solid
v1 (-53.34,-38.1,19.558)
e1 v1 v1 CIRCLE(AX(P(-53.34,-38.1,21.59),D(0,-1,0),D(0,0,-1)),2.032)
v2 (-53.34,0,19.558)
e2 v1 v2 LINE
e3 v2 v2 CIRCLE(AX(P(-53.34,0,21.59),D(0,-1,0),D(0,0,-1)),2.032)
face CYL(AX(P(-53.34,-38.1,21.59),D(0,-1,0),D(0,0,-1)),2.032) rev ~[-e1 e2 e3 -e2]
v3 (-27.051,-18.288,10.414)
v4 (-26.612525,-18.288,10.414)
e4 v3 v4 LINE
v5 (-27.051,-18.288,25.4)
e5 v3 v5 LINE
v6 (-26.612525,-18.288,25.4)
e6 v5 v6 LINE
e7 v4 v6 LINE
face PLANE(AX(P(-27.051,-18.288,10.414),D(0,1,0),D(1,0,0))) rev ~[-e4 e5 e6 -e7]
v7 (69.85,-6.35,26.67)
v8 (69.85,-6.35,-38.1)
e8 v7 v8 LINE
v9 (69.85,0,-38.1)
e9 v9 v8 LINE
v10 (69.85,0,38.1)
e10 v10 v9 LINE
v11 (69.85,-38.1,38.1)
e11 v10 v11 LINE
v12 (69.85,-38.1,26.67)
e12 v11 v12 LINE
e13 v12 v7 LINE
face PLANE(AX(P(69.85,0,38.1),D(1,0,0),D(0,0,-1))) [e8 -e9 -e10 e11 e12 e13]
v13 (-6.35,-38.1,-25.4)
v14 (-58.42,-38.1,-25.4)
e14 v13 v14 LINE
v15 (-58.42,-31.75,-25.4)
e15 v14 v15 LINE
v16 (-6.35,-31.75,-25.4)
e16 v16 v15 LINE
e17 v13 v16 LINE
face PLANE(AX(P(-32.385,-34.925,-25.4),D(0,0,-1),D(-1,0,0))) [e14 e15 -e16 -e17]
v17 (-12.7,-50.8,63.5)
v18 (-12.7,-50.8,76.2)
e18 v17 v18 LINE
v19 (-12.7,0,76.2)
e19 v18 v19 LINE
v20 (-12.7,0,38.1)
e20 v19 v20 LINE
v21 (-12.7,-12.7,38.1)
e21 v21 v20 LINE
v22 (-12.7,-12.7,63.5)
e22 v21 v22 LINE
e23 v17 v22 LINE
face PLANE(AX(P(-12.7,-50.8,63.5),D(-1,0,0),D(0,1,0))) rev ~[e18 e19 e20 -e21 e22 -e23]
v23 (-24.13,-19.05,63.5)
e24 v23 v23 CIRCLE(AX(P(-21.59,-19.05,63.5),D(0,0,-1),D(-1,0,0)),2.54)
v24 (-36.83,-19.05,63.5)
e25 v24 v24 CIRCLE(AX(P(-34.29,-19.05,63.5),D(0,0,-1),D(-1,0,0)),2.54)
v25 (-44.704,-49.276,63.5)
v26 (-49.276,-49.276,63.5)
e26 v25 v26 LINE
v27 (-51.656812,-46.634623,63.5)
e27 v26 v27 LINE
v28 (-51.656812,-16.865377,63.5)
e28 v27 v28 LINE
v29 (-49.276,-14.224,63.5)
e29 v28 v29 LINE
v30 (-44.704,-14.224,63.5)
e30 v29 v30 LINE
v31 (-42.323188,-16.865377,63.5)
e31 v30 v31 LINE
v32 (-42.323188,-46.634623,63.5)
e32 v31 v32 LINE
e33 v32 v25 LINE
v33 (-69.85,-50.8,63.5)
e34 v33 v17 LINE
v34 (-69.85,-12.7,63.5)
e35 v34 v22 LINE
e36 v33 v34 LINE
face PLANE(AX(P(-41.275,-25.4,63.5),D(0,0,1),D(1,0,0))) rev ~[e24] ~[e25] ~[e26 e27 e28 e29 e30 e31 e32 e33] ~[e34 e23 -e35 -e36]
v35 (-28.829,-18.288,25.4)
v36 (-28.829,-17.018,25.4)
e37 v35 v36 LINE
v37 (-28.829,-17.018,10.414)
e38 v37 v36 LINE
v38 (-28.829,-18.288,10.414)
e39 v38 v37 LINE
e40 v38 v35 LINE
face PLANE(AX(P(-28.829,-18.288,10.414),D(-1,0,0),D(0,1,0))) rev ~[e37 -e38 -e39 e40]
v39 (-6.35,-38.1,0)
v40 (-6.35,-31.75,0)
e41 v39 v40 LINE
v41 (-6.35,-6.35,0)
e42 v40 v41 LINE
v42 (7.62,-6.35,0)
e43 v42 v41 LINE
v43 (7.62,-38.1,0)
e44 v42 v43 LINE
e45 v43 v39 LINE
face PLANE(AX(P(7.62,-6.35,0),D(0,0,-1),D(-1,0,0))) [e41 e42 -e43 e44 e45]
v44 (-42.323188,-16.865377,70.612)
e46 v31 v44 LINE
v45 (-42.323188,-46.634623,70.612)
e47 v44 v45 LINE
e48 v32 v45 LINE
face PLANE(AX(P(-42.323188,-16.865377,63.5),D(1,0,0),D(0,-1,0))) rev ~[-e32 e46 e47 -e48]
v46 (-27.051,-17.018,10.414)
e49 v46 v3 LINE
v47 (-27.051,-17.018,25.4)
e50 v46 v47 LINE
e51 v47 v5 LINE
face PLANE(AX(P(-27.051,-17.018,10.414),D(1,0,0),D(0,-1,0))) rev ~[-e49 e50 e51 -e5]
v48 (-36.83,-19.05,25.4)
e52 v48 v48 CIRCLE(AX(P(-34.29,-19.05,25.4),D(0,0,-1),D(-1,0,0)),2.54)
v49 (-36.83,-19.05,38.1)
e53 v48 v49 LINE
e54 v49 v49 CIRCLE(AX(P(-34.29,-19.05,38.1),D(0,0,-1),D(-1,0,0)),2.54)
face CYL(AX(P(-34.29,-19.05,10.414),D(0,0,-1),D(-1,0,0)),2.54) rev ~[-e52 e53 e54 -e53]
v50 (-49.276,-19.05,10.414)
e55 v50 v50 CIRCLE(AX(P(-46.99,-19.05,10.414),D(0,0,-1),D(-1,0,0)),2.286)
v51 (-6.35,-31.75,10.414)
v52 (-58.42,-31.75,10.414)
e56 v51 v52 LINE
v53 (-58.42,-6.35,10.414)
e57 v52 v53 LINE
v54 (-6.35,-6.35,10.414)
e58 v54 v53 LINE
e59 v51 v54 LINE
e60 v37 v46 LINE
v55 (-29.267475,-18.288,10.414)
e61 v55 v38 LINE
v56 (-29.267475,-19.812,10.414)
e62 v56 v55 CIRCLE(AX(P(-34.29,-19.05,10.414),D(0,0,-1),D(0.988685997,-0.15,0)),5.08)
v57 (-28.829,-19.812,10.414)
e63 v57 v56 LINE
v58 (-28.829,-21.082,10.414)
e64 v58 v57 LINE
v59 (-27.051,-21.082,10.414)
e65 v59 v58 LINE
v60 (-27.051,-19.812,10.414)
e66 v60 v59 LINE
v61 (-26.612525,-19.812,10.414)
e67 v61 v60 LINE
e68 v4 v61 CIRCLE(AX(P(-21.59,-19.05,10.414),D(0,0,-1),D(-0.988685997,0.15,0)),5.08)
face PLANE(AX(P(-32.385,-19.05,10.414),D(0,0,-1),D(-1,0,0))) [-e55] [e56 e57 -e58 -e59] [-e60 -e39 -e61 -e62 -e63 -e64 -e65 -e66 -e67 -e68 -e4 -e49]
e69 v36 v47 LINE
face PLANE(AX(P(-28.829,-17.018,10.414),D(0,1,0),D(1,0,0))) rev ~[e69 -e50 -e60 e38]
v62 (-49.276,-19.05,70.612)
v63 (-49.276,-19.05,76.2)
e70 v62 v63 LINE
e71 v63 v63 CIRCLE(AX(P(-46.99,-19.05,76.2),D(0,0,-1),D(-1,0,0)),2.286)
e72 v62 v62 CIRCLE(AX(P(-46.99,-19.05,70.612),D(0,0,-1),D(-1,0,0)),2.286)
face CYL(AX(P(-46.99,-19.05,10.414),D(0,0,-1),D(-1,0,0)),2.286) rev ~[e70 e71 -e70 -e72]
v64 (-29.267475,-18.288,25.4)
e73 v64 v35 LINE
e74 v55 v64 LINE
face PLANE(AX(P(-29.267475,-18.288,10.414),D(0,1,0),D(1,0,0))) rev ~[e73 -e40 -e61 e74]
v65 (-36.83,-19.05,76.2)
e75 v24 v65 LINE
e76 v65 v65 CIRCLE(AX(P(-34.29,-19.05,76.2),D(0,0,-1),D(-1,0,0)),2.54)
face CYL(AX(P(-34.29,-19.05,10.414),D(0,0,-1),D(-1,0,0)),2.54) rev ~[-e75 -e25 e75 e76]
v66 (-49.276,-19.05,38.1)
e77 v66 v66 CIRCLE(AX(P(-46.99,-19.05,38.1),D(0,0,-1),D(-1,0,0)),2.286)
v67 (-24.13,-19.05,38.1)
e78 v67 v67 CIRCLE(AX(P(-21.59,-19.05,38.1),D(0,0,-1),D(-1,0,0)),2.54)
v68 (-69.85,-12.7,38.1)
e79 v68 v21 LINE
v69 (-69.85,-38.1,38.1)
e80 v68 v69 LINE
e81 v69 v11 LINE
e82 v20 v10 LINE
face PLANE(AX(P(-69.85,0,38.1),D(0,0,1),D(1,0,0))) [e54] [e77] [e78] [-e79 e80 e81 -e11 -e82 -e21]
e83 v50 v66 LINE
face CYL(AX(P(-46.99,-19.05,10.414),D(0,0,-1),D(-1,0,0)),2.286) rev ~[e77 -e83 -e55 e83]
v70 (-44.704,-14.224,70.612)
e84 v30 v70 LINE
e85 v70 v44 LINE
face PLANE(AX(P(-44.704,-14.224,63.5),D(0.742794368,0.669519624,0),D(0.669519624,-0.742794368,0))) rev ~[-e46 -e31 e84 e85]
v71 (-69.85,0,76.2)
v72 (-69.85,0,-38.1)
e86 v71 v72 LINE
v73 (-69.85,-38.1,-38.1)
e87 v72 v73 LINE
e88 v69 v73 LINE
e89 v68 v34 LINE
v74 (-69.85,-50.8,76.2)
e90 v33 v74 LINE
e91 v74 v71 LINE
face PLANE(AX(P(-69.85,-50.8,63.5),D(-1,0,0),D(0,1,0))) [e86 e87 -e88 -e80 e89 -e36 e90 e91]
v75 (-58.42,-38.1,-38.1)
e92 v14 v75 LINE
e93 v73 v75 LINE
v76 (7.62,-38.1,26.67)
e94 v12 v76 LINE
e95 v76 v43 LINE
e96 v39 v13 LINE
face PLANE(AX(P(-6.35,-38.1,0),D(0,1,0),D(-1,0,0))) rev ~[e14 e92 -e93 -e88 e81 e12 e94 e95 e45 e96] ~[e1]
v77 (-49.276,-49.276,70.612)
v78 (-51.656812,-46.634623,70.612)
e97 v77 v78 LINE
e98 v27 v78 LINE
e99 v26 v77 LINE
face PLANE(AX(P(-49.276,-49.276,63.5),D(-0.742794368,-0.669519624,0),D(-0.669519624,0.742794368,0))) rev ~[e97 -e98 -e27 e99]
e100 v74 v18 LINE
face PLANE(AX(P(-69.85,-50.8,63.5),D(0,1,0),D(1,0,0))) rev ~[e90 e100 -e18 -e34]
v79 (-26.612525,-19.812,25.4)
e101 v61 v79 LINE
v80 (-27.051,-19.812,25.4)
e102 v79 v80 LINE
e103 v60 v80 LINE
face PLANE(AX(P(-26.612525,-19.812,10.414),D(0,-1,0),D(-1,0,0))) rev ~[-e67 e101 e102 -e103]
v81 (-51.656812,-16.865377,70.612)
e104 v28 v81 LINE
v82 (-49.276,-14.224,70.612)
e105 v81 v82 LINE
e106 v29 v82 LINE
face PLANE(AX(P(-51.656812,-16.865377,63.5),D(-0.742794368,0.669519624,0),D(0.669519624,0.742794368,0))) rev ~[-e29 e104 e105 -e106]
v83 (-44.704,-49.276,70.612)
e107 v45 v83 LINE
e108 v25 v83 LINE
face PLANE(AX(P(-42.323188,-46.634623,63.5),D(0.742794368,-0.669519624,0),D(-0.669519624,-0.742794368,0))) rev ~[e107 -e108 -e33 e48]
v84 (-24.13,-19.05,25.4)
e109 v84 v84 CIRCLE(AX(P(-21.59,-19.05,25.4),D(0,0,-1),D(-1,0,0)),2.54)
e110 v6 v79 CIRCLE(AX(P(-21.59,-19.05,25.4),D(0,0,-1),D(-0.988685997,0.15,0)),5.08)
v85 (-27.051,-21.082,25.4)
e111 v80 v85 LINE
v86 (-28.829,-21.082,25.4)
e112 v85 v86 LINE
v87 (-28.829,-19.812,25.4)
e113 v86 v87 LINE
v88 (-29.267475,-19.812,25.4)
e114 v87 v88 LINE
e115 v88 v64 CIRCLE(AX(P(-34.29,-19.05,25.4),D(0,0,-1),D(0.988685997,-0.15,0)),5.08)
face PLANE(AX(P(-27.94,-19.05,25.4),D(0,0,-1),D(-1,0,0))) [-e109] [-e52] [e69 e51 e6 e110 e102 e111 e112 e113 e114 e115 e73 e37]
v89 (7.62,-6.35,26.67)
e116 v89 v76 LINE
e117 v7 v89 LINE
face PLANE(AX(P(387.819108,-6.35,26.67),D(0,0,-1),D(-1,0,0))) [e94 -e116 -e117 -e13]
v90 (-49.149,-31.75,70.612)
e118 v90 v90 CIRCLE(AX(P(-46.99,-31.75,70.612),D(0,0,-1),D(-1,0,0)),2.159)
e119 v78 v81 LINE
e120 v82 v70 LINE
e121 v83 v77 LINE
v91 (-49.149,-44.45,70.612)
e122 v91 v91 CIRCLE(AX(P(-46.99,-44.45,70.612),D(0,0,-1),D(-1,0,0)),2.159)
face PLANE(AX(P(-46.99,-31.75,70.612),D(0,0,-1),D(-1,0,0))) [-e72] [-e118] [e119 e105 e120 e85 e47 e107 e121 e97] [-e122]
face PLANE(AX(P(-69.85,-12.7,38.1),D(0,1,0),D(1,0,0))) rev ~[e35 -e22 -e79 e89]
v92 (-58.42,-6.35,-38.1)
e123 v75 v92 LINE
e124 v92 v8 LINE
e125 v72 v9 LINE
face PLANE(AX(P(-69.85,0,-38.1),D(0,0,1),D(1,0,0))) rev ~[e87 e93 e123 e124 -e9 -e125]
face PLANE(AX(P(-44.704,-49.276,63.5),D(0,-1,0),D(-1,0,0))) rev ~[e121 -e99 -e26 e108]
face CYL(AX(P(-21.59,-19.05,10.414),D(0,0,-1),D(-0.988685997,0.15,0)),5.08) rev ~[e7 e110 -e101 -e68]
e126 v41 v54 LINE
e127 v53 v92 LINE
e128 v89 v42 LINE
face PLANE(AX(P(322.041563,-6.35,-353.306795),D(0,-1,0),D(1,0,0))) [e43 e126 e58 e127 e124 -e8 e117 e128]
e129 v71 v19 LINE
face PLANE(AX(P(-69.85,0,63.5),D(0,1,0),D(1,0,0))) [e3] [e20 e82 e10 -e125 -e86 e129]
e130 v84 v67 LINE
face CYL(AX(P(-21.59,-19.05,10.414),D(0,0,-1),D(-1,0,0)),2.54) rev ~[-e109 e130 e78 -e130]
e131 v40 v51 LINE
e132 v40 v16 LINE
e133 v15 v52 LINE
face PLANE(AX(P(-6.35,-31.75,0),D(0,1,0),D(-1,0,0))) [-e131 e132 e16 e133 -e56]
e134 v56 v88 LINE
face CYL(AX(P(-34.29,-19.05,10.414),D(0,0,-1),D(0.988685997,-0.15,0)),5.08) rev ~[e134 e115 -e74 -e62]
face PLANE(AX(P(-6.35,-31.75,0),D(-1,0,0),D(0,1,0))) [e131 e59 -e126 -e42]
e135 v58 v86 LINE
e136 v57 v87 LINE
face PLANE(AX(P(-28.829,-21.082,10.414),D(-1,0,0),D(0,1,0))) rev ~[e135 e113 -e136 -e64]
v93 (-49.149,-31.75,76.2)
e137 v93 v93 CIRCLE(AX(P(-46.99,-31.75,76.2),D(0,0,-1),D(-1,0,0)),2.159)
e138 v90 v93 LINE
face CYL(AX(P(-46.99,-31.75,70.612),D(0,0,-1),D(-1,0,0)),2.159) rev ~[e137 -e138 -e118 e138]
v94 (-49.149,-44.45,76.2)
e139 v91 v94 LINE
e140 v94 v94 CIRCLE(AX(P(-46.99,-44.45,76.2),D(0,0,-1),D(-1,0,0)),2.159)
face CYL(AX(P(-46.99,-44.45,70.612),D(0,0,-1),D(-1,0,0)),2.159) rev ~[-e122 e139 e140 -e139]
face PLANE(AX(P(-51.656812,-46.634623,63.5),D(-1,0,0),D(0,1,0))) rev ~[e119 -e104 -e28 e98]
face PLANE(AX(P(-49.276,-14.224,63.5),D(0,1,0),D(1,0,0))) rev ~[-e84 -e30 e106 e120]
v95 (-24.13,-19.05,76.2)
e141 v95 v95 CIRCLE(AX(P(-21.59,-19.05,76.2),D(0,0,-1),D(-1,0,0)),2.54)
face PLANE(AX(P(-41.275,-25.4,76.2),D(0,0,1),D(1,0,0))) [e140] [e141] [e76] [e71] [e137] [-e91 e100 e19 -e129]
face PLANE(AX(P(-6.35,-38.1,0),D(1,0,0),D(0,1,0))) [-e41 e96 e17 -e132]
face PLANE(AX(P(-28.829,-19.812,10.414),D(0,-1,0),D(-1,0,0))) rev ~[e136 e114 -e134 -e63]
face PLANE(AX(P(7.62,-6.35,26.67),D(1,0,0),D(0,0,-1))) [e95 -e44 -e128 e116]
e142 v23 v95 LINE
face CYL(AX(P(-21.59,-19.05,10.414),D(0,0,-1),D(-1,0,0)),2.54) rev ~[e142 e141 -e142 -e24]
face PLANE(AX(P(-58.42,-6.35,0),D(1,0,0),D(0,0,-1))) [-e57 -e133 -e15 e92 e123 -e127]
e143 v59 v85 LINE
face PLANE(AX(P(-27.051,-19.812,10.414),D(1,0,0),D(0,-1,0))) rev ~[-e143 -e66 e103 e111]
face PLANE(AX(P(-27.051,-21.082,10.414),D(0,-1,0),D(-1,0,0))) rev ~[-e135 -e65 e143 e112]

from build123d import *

# Parameters (mm, degrees)
SKETCH1_W               = 139.7
SKETCH1_H               = 76.2
BOSS_EXTRUDE1_DEPTH     = 38.1
CUT_EXTRUDE1_DEPTH      = 89.217019333
CUT_EXTRUDE1_DEPTH_BACK = 31.75
SKETCH3_R               = 2.032
CUT_EXTRUDE2_DEPTH      = 89.217019333
SKETCH4_W               = 52.07
SKETCH4_H               = 25.4
CUT_EXTRUDE3_DEPTH      = 10.414
SKETCH7_W               = 57.15
SKETCH7_H               = 12.7
BOSS_EXTRUDE2_DEPTH     = 25.4
SKETCH8_W               = 57.15
SKETCH8_H               = 50.8
BOSS_EXTRUDE3_DEPTH     = 12.7
SKETCH5_R               = 2.286
SKETCH5_R_2             = 2.54
CUT_EXTRUDE4_DEPTH      = 109.570070904
CUT_EXTRUDE5_DEPTH      = 14.986
CUT_EXTRUDE6_DEPTH      = 7.112
SKETCH10_R              = 2.159
CUT_EXTRUDE7_DEPTH      = 139.84509874
SKETCH11_W              = 52.07
SKETCH11_H              = 6.35
BOSS_EXTRUDE4_DEPTH     = 25.4


with BuildPart() as part:
    # Sketch1 → Boss-Extrude1 (new body)
    with BuildSketch(Plane(origin=(0, 0, 0), x_dir=(1, 0, 0), z_dir=(0, 1, 0))):
        Rectangle(SKETCH1_W, SKETCH1_H)
    extrude(amount=-BOSS_EXTRUDE1_DEPTH)

    # Sketch2 → Cut-Extrude1 (cut, two sides: drawn at the far end of the back side and taken through both)
    with BuildSketch(Plane.XZ.offset(38.1).offset(-CUT_EXTRUDE1_DEPTH_BACK)):
        Polygon((387.819108191, 26.67), (69.85, 26.67), (7.62, 26.67), (7.62, 0), (-58.42, 0), (-58.42, -38.1), (-58.42, -356.069108191), (355.598009183, -838.77657978), (801.837117374, -456.037471588), align=None)
    extrude(amount=CUT_EXTRUDE1_DEPTH + CUT_EXTRUDE1_DEPTH_BACK, mode=Mode.SUBTRACT)

    # Sketch3 → Cut-Extrude2 (cut, through all)
    with BuildSketch(Plane.XZ.offset(38.1)):
        with Locations(Location((-53.34, 21.59, 0), (0, 0, 270))):
            Circle(SKETCH3_R)
    extrude(amount=-CUT_EXTRUDE2_DEPTH, mode=Mode.SUBTRACT)

    # Sketch4 → Cut-Extrude3 (cut)
    with BuildSketch(Plane(origin=(0, 0, 0), x_dir=(-1, 0, 0), z_dir=(0, 0, -1))):
        with Locations((32.385, -19.05)):
            Rectangle(SKETCH4_W, SKETCH4_H)
    extrude(amount=-CUT_EXTRUDE3_DEPTH, mode=Mode.SUBTRACT)

    # Sketch7 → Boss-Extrude2 (add)
    with BuildSketch(Plane.XY.offset(38.1)):
        with Locations((-41.275, -6.35)):
            Rectangle(SKETCH7_W, SKETCH7_H)
    extrude(amount=BOSS_EXTRUDE2_DEPTH)

    # Sketch8 → Boss-Extrude3 (add)
    with BuildSketch(Plane.XY.offset(63.5)):
        with Locations((-41.275, -25.4)):
            Rectangle(SKETCH8_W, SKETCH8_H)
    extrude(amount=BOSS_EXTRUDE3_DEPTH)

    # Sketch5 → Cut-Extrude4 (cut, through all)
    with BuildSketch(Plane(origin=(0, 0, 10.414), x_dir=(-1, 0, 0), z_dir=(0, 0, -1))):
        with Locations((46.99, -19.05)):
            Circle(SKETCH5_R)
        with Locations((34.29, -19.05)):
            Circle(SKETCH5_R_2)
        with Locations((21.59, -19.05)):
            Circle(SKETCH5_R_2)
    extrude(amount=-CUT_EXTRUDE4_DEPTH, mode=Mode.SUBTRACT)

    # Sketch6 → Cut-Extrude5 (cut)
    with BuildSketch(Plane(origin=(0, 0, 10.414), x_dir=(-1, 0, 0), z_dir=(0, 0, -1))):
        with BuildLine():
            Line((27.051, -18.288), (26.612524863, -18.288))
            ThreePointArc((26.612524863, -18.288), (16.51, -19.05), (26.612524863, -19.812))
            Line((26.612524863, -19.812), (27.051, -19.812))
            Line((27.051, -19.812), (27.051, -21.082))
            Line((27.051, -21.082), (28.829, -21.082))
            Line((28.829, -21.082), (28.829, -19.812))
            Line((28.829, -19.812), (29.267475137, -19.812))
            ThreePointArc((29.267475137, -19.812), (39.37, -19.05), (29.267475137, -18.288))
            Line((29.267475137, -18.288), (28.829, -18.288))
            Line((28.829, -18.288), (28.829, -17.018))
            Line((28.829, -17.018), (27.051, -17.018))
            Line((27.051, -17.018), (27.051, -18.288))
        make_face()
    extrude(amount=-CUT_EXTRUDE5_DEPTH, mode=Mode.SUBTRACT)

    # Sketch9 → Cut-Extrude6 (cut)
    with BuildSketch(Plane(origin=(0, 0, 63.5), x_dir=(-1, 0, 0), z_dir=(0, 0, -1))):
        Polygon((42.323188216, -16.865376771), (42.323188216, -46.634623229), (44.704, -49.276), (49.276, -49.276), (51.656811784, -46.634623229), (51.656811784, -16.865376771), (49.276, -14.224), (44.704, -14.224), align=None)
    extrude(amount=-CUT_EXTRUDE6_DEPTH, mode=Mode.SUBTRACT)

    # Sketch10 → Cut-Extrude7 (cut, through all)
    with BuildSketch(Plane(origin=(0, 0, 70.612), x_dir=(-1, 0, 0), z_dir=(0, 0, -1))):
        with Locations((46.99, -19.05)):
            Circle(SKETCH10_R)
        with Locations((46.99, -31.75)):
            Circle(SKETCH10_R)
        with Locations((46.99, -44.45)):
            Circle(SKETCH10_R)
    extrude(amount=-CUT_EXTRUDE7_DEPTH, mode=Mode.SUBTRACT)

    # Sketch11 → Boss-Extrude4 (add)
    with BuildSketch(Plane(origin=(0, 0, 0), x_dir=(-1, 0, 0), z_dir=(0, 0, -1))):
        with Locations((32.385, -34.925)):
            Rectangle(SKETCH11_W, SKETCH11_H)
    extrude(amount=BOSS_EXTRUDE4_DEPTH)


solid = part.part
